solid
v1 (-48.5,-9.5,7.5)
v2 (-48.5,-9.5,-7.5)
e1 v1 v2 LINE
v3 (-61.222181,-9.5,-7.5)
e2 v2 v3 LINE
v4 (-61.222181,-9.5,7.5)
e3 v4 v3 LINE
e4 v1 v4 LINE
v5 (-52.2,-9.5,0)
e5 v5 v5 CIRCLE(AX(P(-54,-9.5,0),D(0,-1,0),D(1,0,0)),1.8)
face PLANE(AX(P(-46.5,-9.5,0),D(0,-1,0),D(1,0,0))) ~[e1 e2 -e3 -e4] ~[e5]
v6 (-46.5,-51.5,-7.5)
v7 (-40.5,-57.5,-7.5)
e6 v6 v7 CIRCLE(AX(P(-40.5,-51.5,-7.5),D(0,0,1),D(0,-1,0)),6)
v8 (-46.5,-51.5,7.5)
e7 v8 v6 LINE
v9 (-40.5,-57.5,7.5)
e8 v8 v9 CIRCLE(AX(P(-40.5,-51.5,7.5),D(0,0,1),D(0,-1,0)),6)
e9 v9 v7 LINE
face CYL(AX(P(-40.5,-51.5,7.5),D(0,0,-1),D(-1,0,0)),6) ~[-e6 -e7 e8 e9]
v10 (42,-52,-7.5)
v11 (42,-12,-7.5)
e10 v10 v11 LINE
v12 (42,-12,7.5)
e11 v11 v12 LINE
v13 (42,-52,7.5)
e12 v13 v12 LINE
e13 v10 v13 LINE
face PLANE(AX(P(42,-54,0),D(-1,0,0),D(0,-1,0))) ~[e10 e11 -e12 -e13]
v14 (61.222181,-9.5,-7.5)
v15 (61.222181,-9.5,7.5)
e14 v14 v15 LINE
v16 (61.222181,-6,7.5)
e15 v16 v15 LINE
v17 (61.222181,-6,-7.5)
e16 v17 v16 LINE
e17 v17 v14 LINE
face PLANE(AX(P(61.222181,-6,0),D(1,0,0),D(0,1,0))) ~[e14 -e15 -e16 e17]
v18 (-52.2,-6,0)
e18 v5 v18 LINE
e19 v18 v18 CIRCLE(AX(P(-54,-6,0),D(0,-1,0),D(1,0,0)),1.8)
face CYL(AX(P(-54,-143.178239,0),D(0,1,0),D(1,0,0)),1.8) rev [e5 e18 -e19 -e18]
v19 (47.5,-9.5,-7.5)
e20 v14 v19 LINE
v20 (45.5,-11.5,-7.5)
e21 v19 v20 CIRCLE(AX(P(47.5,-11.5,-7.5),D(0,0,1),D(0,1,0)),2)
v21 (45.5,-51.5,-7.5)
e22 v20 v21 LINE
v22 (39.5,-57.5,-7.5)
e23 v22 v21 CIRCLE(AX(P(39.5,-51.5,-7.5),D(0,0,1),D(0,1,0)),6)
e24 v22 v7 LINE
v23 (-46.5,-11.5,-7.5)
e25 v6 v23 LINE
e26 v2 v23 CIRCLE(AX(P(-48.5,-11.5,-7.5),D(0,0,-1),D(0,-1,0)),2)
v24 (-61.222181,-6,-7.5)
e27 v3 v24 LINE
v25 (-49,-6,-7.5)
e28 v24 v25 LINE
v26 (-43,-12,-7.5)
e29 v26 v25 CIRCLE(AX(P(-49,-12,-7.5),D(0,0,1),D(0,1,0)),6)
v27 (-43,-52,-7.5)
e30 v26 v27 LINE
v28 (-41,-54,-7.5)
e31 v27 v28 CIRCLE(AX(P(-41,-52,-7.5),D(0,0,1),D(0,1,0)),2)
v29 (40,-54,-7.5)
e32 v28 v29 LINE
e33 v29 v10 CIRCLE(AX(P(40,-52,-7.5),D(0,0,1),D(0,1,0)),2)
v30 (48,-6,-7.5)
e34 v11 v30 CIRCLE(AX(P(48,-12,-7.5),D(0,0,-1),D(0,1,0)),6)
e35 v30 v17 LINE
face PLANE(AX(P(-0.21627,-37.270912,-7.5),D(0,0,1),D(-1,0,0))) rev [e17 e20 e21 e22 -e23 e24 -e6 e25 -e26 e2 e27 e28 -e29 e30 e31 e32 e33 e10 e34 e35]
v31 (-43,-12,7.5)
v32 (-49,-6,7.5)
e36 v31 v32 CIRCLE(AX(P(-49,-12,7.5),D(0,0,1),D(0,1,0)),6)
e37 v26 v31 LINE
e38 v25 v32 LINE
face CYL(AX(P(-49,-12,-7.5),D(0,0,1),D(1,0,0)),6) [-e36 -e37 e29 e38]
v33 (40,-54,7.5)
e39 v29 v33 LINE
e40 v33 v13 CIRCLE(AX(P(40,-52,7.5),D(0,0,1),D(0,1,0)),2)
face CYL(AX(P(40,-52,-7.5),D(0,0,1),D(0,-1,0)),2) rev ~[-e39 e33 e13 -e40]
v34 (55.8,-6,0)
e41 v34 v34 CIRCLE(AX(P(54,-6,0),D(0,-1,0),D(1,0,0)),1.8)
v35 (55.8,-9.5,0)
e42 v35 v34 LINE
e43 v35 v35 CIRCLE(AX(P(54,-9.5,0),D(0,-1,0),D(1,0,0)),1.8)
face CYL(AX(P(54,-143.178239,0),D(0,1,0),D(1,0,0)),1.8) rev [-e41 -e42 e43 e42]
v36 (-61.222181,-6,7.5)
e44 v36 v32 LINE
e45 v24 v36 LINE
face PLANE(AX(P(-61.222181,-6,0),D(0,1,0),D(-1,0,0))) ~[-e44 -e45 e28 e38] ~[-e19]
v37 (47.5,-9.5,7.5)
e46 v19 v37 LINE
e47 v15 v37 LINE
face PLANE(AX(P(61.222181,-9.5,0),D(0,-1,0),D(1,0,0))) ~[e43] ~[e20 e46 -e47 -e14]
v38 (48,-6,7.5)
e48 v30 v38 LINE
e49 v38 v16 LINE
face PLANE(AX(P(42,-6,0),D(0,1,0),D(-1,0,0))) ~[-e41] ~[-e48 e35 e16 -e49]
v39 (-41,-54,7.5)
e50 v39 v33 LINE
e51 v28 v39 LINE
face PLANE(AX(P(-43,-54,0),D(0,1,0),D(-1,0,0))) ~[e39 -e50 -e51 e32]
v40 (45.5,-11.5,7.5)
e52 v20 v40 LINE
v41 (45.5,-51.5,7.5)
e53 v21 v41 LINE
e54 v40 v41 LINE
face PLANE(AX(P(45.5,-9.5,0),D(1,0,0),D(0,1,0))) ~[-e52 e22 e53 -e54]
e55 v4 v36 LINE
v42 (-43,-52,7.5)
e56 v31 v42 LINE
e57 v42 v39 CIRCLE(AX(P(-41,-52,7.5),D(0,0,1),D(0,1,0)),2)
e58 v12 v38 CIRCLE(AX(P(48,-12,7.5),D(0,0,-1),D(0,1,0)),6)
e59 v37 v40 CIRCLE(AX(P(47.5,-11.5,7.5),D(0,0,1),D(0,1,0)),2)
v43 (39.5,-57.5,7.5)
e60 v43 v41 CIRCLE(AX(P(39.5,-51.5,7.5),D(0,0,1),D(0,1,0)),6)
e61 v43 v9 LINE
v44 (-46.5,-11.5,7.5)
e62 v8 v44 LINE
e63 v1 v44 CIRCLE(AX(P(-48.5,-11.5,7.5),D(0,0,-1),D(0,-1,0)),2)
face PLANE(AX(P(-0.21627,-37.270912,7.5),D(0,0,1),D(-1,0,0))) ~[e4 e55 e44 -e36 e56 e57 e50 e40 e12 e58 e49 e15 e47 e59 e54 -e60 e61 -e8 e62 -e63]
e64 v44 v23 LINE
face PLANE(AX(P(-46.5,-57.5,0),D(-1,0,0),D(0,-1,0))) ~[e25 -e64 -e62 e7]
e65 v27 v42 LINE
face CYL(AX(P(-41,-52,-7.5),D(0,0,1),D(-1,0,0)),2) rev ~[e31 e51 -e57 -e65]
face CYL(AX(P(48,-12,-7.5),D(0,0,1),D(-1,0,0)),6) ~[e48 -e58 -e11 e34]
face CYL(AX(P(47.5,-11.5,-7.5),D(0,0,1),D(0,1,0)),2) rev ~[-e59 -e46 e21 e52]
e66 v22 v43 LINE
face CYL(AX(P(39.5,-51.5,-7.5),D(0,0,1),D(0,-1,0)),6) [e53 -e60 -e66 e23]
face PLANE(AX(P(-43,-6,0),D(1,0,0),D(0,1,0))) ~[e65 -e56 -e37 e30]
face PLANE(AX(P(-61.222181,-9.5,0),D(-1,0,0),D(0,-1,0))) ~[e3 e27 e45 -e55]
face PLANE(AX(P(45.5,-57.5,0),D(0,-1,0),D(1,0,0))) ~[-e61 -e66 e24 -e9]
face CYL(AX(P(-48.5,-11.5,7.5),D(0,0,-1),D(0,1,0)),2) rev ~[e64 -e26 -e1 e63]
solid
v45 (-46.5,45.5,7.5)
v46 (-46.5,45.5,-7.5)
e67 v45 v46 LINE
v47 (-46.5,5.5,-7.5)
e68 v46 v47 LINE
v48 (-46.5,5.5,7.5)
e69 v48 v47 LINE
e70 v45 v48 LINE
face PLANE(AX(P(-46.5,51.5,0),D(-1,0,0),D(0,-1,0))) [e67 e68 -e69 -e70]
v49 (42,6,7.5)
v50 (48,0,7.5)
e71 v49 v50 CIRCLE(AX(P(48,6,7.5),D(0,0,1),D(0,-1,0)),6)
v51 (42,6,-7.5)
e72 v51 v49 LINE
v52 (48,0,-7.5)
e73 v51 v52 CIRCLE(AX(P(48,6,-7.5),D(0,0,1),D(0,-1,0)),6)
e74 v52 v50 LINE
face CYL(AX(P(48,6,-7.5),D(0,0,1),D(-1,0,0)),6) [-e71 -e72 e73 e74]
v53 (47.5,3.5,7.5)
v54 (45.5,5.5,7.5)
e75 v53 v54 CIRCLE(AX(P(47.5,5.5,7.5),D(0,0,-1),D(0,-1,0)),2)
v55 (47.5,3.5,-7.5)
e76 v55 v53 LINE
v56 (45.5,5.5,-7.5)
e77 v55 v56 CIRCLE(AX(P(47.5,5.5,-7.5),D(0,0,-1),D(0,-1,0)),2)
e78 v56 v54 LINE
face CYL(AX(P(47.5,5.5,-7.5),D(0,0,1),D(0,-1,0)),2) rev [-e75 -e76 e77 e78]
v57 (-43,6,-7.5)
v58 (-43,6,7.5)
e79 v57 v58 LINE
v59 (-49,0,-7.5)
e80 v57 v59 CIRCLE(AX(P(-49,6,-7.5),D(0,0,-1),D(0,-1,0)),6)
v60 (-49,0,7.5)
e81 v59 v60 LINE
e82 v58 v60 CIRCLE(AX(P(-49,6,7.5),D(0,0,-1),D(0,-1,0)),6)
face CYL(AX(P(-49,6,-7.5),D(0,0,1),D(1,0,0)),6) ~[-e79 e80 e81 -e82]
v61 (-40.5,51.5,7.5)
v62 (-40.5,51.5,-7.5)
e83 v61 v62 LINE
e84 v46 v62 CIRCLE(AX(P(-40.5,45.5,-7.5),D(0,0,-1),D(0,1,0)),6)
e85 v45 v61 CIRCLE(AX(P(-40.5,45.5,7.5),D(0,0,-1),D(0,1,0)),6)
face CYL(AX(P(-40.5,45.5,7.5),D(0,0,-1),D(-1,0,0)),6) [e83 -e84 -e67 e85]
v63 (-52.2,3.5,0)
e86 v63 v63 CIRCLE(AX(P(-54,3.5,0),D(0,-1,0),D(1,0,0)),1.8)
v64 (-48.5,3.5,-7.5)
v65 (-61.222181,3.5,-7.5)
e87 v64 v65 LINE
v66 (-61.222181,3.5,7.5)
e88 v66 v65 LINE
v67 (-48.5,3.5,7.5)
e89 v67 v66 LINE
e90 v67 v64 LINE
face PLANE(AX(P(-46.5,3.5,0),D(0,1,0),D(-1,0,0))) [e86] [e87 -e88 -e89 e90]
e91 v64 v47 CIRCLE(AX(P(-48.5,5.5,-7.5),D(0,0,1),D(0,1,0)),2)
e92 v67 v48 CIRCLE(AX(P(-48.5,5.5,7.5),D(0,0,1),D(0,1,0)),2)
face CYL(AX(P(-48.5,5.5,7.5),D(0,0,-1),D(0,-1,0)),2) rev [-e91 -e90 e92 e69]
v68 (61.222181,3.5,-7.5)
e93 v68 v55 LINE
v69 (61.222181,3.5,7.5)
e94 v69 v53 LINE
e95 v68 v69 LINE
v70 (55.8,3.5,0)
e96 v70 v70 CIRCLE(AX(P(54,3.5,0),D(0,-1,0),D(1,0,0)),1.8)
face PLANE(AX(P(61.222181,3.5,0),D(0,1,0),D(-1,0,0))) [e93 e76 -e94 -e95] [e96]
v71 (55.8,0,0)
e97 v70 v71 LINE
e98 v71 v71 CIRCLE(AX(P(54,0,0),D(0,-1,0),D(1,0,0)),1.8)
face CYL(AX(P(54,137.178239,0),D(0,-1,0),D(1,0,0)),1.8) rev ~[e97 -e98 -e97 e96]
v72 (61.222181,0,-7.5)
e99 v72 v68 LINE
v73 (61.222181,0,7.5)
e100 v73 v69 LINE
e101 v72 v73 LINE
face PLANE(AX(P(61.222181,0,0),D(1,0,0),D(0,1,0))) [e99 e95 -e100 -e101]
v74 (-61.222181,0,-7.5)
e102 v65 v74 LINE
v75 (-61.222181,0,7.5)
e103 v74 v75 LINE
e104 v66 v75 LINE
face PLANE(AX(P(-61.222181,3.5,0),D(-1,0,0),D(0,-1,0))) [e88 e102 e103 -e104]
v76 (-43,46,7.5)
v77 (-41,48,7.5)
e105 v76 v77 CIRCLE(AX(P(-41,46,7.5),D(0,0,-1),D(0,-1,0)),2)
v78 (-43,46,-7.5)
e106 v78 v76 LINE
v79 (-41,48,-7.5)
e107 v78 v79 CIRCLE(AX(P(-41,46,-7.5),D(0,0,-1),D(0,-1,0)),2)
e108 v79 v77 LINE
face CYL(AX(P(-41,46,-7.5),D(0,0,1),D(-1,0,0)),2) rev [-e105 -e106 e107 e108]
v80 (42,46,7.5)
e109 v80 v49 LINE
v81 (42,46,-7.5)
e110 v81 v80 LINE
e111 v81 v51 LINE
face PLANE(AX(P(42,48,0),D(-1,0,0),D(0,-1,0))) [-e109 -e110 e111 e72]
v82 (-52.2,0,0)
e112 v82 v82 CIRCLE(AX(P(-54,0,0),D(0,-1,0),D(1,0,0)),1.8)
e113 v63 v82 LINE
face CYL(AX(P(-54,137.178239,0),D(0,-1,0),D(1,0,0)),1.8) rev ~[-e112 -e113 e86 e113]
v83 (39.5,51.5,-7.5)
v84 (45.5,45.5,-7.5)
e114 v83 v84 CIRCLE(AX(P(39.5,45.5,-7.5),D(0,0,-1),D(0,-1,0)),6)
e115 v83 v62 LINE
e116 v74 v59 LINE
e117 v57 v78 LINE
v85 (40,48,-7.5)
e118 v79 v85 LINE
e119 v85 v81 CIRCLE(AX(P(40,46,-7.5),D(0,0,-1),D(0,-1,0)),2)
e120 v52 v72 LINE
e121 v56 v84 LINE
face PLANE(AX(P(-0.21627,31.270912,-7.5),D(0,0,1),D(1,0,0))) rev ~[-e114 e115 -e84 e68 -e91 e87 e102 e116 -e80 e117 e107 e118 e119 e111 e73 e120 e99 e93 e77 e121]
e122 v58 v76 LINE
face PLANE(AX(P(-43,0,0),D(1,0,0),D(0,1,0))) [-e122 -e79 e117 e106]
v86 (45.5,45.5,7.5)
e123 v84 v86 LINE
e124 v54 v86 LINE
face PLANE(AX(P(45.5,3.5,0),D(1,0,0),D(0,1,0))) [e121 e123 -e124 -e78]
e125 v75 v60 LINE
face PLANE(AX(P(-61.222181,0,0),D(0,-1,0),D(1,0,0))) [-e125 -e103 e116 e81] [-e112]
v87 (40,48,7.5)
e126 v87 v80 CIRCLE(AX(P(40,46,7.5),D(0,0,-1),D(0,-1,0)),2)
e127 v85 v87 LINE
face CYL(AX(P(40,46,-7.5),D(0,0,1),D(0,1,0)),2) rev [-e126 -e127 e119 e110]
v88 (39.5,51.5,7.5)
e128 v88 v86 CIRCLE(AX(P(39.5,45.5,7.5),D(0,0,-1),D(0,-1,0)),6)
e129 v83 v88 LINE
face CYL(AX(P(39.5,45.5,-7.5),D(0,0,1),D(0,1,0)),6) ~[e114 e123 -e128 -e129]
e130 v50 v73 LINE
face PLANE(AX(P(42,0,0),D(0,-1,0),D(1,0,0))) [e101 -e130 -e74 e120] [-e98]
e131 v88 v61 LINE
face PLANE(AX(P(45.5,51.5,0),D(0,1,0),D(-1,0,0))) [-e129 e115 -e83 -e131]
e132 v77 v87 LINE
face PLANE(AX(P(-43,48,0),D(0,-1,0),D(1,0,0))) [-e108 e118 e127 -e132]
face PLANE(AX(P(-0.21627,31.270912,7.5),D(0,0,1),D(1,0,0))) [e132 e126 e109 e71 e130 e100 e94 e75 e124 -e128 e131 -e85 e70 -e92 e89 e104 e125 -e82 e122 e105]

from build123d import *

# Parameters (mm, degrees)
F1_DEPTH = 7.5
F3_D     = 3.6
F4_R     = 2
F5_R     = 6


with BuildPart() as f1:
    # F0 (on Top) → F1 (new body, symmetric)
    with BuildSketch(Plane.XY):
        Polygon((-61.2221807241, 3.5), (-61.2221807241, 0), (-43, 0), (-43, 48), (42, 48), (42, 0), (61.2221807241, 0), (61.2221807241, 3.5), (45.5, 3.5), (45.5, 51.5), (-46.5, 51.5), (-46.5, 3.5), align=None)
    extrude(amount=F1_DEPTH, both=True)

    # F3 (through all)
    with Locations(Plane(origin=(0, 3.5, 0), x_dir=(-1, 0, 0), z_dir=(0, 1, 0))):
        with Locations((54, 0), (-54, 0)):
            Hole(F3_D / 2)

    # F4
    f4_edges = [f1.edges().sort_by_distance(p)[0] for p in [
        (42, 48, 0),
        (-43, 48, 0),
        (-46.5, 3.5, 0),
        (45.5, 3.5, 0),
    ]]
    fillet(f4_edges, radius=F4_R)

    # F5
    f5_edges = [f1.edges().sort_by_distance(p)[0] for p in [
        (45.5, 51.5, 0),
        (-46.5, 51.5, 0),
        (42, 0, 0),
        (-43, 0, 0),
    ]]
    fillet(f5_edges, radius=F5_R)


with BuildPart() as f8_1:
    # F8: instance of F1
    add(f1.part.mirror(Plane.XZ.offset(3)))


solid = Compound([f1.part, f8_1.part])
